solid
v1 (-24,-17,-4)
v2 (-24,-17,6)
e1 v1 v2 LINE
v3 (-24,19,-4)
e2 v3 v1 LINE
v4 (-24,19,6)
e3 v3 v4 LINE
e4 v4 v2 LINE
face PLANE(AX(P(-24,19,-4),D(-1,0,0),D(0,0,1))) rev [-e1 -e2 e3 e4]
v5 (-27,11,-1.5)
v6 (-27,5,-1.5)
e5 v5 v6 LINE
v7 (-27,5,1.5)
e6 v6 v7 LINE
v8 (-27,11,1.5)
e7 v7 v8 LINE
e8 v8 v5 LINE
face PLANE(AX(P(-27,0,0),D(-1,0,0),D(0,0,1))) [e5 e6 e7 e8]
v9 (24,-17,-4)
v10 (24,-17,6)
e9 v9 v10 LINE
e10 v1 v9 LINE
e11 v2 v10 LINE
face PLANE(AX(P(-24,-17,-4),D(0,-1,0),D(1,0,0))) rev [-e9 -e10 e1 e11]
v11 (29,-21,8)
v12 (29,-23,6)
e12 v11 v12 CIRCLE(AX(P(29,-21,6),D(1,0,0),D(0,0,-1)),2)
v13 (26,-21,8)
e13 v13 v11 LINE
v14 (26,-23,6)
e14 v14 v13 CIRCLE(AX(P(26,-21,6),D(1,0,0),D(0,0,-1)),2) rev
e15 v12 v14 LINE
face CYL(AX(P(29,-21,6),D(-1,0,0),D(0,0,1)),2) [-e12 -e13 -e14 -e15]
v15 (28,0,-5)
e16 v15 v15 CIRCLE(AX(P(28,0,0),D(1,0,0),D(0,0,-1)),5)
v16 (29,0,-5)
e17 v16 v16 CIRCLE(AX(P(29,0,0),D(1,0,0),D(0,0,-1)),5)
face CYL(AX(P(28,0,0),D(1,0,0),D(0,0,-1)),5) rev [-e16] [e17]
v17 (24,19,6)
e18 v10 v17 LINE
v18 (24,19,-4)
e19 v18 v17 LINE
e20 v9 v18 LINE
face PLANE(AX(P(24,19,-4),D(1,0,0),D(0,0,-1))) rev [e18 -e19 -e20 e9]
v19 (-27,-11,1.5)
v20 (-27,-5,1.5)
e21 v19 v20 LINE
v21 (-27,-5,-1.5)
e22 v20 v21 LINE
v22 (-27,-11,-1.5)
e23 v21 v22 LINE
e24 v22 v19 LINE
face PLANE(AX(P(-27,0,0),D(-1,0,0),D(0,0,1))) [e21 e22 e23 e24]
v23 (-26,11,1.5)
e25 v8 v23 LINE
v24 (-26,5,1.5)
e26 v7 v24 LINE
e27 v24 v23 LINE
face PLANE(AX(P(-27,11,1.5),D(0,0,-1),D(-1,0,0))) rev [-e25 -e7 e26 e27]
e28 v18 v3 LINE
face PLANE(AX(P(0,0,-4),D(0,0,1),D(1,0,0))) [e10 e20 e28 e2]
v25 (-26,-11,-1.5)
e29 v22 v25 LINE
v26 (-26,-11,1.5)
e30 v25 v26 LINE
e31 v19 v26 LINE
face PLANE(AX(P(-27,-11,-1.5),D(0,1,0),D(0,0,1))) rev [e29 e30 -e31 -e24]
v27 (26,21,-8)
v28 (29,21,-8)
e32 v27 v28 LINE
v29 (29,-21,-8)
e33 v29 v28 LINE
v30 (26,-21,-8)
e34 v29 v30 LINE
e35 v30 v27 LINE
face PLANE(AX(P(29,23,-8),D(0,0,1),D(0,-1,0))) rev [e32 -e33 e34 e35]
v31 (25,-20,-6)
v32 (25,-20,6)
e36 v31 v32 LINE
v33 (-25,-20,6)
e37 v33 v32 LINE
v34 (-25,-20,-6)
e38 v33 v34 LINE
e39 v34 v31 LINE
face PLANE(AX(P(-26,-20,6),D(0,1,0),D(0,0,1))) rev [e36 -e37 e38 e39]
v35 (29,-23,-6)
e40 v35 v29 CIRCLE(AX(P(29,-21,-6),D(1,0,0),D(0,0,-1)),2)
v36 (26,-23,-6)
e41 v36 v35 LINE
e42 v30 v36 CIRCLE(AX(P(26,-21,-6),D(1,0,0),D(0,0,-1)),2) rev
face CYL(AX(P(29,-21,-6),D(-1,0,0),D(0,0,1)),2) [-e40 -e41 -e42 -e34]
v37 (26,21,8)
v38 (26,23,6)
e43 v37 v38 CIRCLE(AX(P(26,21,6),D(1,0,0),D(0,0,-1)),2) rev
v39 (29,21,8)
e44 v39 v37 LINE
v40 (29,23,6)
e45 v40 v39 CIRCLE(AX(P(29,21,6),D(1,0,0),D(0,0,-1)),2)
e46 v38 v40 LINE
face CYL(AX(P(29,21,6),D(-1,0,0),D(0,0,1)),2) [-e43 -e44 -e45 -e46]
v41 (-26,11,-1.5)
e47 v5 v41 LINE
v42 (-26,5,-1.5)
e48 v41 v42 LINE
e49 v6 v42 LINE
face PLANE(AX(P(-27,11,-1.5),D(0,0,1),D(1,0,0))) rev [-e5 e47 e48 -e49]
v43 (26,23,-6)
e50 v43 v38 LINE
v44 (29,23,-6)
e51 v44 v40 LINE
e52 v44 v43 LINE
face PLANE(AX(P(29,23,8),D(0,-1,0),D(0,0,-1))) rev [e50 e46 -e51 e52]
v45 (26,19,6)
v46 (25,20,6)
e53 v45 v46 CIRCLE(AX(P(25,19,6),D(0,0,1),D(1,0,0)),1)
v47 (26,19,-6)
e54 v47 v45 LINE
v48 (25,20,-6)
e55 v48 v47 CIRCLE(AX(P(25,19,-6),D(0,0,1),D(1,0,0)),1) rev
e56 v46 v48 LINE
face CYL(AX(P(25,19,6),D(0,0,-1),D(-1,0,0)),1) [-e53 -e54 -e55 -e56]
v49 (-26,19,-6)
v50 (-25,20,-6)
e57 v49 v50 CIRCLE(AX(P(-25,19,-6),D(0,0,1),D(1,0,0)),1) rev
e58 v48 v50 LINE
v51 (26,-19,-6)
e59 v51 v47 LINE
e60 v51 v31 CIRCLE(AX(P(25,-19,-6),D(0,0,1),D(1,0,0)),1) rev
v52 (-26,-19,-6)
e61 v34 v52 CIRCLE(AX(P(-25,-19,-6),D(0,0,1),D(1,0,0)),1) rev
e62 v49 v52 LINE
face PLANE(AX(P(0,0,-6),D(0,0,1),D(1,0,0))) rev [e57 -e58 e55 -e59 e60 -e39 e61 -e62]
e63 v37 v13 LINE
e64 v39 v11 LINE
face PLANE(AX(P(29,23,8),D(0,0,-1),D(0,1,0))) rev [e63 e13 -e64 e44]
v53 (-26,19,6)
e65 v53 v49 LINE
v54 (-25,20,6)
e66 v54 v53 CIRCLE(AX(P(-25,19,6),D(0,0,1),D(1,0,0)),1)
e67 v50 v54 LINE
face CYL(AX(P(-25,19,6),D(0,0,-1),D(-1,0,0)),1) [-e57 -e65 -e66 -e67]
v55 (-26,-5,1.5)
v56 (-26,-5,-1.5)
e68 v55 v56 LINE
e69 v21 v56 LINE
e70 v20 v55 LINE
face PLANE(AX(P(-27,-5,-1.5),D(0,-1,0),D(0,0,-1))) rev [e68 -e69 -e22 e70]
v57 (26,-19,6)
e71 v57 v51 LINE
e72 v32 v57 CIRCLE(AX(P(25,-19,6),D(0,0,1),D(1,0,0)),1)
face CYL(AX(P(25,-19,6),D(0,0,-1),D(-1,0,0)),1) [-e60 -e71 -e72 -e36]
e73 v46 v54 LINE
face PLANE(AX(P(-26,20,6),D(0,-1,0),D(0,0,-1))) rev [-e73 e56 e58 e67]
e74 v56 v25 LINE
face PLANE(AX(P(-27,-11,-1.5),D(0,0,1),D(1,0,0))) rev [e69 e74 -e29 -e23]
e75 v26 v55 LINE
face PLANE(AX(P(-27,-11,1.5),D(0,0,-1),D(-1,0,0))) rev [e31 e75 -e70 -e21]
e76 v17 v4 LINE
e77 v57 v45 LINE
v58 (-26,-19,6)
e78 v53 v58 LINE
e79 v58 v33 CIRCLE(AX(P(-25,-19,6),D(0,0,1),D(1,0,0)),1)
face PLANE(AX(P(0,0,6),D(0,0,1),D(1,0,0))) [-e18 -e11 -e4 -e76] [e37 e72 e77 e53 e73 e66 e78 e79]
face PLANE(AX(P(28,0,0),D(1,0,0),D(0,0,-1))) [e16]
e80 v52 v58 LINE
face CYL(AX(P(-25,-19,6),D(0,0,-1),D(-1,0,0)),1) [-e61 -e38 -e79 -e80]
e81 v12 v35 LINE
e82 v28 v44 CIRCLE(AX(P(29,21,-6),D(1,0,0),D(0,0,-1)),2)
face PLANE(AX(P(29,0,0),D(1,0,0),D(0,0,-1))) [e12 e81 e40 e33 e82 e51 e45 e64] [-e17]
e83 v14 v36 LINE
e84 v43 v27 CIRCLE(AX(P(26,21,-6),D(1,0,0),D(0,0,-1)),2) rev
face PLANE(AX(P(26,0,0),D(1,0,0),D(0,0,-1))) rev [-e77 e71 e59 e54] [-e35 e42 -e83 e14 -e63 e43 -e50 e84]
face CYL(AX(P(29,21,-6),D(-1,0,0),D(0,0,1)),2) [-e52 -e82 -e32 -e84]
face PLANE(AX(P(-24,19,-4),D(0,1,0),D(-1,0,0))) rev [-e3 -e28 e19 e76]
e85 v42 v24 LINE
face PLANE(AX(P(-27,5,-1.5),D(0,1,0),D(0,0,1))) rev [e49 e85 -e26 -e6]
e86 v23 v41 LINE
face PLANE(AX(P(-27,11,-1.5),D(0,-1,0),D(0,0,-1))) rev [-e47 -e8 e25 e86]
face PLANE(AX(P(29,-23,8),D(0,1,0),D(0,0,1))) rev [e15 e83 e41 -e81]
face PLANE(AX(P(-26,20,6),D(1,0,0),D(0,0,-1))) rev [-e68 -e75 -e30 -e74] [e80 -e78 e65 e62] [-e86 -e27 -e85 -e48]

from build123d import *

# Parameters (mm, degrees)
SKETCH1_W           = 52
SKETCH1_H           = 40
BOSS_EXTRUDE1_DEPTH = 6
FILLET1_R           = 1
SKETCH2_W           = 48
SKETCH2_H           = 36
CUT_EXTRUDE1_DEPTH  = 10
SKETCH3_W           = 16
SKETCH3_H           = 46
BOSS_EXTRUDE2_DEPTH = 3
FILLET2_R           = 2
SKETCH4_R           = 5
CUT_EXTRUDE2_DEPTH  = 1
SKETCH5_W           = 3
SKETCH5_H           = 6
BOSS_EXTRUDE3_DEPTH = 1


with BuildPart() as part:
    # Sketch1 → Boss-Extrude1 (new, symmetric)
    with BuildSketch(Plane.XY):
        Rectangle(SKETCH1_W, SKETCH1_H)
    extrude(amount=BOSS_EXTRUDE1_DEPTH, both=True)

    # Fillet1
    fillet1_edges = [part.edges().sort_by_distance(p)[0] for p in [
        (-26, 20, 0),
        (26, 20, 0),
        (26, -20, 0),
        (-26, -20, 0),
    ]]
    fillet(fillet1_edges, radius=FILLET1_R)

    # Sketch2 → Cut-Extrude1 (cut)
    with BuildSketch(Plane.XY.offset(6)):
        with Locations((0, 1)):
            Rectangle(SKETCH2_W, SKETCH2_H)
    extrude(amount=-CUT_EXTRUDE1_DEPTH, mode=Mode.SUBTRACT)

    # Sketch3 → Boss-Extrude2 (add)
    with BuildSketch(Plane(origin=(26.00000007, 0, 0), x_dir=(0, 0, -1), z_dir=(1, 0, 0))):
        Rectangle(SKETCH3_W, SKETCH3_H)
    extrude(amount=BOSS_EXTRUDE2_DEPTH)

    # Fillet2
    fillet2_edges = [part.edges().sort_by_distance(p)[0] for p in [
        (27.50000007, 23, 8),
        (27.50000007, -23, 8),
        (27.50000007, -23, -8),
        (27.50000007, 23, -8),
    ]]
    fillet(fillet2_edges, radius=FILLET2_R)

    # Sketch4 → Cut-Extrude2 (cut)
    with BuildSketch(Plane(origin=(29.00000007, 0, 0), x_dir=(0, 0, -1), z_dir=(1, 0, 0))):
        Circle(SKETCH4_R)
    extrude(amount=-CUT_EXTRUDE2_DEPTH, mode=Mode.SUBTRACT)

    # Sketch5 → Boss-Extrude3 (add)
    with BuildSketch(Plane.ZY.offset(26)):
        with Locations((0, 8)):
            Rectangle(SKETCH5_W, SKETCH5_H)
        with Locations((0, -8)):
            Rectangle(SKETCH5_W, SKETCH5_H)
    extrude(amount=BOSS_EXTRUDE3_DEPTH)


solid = part.part
